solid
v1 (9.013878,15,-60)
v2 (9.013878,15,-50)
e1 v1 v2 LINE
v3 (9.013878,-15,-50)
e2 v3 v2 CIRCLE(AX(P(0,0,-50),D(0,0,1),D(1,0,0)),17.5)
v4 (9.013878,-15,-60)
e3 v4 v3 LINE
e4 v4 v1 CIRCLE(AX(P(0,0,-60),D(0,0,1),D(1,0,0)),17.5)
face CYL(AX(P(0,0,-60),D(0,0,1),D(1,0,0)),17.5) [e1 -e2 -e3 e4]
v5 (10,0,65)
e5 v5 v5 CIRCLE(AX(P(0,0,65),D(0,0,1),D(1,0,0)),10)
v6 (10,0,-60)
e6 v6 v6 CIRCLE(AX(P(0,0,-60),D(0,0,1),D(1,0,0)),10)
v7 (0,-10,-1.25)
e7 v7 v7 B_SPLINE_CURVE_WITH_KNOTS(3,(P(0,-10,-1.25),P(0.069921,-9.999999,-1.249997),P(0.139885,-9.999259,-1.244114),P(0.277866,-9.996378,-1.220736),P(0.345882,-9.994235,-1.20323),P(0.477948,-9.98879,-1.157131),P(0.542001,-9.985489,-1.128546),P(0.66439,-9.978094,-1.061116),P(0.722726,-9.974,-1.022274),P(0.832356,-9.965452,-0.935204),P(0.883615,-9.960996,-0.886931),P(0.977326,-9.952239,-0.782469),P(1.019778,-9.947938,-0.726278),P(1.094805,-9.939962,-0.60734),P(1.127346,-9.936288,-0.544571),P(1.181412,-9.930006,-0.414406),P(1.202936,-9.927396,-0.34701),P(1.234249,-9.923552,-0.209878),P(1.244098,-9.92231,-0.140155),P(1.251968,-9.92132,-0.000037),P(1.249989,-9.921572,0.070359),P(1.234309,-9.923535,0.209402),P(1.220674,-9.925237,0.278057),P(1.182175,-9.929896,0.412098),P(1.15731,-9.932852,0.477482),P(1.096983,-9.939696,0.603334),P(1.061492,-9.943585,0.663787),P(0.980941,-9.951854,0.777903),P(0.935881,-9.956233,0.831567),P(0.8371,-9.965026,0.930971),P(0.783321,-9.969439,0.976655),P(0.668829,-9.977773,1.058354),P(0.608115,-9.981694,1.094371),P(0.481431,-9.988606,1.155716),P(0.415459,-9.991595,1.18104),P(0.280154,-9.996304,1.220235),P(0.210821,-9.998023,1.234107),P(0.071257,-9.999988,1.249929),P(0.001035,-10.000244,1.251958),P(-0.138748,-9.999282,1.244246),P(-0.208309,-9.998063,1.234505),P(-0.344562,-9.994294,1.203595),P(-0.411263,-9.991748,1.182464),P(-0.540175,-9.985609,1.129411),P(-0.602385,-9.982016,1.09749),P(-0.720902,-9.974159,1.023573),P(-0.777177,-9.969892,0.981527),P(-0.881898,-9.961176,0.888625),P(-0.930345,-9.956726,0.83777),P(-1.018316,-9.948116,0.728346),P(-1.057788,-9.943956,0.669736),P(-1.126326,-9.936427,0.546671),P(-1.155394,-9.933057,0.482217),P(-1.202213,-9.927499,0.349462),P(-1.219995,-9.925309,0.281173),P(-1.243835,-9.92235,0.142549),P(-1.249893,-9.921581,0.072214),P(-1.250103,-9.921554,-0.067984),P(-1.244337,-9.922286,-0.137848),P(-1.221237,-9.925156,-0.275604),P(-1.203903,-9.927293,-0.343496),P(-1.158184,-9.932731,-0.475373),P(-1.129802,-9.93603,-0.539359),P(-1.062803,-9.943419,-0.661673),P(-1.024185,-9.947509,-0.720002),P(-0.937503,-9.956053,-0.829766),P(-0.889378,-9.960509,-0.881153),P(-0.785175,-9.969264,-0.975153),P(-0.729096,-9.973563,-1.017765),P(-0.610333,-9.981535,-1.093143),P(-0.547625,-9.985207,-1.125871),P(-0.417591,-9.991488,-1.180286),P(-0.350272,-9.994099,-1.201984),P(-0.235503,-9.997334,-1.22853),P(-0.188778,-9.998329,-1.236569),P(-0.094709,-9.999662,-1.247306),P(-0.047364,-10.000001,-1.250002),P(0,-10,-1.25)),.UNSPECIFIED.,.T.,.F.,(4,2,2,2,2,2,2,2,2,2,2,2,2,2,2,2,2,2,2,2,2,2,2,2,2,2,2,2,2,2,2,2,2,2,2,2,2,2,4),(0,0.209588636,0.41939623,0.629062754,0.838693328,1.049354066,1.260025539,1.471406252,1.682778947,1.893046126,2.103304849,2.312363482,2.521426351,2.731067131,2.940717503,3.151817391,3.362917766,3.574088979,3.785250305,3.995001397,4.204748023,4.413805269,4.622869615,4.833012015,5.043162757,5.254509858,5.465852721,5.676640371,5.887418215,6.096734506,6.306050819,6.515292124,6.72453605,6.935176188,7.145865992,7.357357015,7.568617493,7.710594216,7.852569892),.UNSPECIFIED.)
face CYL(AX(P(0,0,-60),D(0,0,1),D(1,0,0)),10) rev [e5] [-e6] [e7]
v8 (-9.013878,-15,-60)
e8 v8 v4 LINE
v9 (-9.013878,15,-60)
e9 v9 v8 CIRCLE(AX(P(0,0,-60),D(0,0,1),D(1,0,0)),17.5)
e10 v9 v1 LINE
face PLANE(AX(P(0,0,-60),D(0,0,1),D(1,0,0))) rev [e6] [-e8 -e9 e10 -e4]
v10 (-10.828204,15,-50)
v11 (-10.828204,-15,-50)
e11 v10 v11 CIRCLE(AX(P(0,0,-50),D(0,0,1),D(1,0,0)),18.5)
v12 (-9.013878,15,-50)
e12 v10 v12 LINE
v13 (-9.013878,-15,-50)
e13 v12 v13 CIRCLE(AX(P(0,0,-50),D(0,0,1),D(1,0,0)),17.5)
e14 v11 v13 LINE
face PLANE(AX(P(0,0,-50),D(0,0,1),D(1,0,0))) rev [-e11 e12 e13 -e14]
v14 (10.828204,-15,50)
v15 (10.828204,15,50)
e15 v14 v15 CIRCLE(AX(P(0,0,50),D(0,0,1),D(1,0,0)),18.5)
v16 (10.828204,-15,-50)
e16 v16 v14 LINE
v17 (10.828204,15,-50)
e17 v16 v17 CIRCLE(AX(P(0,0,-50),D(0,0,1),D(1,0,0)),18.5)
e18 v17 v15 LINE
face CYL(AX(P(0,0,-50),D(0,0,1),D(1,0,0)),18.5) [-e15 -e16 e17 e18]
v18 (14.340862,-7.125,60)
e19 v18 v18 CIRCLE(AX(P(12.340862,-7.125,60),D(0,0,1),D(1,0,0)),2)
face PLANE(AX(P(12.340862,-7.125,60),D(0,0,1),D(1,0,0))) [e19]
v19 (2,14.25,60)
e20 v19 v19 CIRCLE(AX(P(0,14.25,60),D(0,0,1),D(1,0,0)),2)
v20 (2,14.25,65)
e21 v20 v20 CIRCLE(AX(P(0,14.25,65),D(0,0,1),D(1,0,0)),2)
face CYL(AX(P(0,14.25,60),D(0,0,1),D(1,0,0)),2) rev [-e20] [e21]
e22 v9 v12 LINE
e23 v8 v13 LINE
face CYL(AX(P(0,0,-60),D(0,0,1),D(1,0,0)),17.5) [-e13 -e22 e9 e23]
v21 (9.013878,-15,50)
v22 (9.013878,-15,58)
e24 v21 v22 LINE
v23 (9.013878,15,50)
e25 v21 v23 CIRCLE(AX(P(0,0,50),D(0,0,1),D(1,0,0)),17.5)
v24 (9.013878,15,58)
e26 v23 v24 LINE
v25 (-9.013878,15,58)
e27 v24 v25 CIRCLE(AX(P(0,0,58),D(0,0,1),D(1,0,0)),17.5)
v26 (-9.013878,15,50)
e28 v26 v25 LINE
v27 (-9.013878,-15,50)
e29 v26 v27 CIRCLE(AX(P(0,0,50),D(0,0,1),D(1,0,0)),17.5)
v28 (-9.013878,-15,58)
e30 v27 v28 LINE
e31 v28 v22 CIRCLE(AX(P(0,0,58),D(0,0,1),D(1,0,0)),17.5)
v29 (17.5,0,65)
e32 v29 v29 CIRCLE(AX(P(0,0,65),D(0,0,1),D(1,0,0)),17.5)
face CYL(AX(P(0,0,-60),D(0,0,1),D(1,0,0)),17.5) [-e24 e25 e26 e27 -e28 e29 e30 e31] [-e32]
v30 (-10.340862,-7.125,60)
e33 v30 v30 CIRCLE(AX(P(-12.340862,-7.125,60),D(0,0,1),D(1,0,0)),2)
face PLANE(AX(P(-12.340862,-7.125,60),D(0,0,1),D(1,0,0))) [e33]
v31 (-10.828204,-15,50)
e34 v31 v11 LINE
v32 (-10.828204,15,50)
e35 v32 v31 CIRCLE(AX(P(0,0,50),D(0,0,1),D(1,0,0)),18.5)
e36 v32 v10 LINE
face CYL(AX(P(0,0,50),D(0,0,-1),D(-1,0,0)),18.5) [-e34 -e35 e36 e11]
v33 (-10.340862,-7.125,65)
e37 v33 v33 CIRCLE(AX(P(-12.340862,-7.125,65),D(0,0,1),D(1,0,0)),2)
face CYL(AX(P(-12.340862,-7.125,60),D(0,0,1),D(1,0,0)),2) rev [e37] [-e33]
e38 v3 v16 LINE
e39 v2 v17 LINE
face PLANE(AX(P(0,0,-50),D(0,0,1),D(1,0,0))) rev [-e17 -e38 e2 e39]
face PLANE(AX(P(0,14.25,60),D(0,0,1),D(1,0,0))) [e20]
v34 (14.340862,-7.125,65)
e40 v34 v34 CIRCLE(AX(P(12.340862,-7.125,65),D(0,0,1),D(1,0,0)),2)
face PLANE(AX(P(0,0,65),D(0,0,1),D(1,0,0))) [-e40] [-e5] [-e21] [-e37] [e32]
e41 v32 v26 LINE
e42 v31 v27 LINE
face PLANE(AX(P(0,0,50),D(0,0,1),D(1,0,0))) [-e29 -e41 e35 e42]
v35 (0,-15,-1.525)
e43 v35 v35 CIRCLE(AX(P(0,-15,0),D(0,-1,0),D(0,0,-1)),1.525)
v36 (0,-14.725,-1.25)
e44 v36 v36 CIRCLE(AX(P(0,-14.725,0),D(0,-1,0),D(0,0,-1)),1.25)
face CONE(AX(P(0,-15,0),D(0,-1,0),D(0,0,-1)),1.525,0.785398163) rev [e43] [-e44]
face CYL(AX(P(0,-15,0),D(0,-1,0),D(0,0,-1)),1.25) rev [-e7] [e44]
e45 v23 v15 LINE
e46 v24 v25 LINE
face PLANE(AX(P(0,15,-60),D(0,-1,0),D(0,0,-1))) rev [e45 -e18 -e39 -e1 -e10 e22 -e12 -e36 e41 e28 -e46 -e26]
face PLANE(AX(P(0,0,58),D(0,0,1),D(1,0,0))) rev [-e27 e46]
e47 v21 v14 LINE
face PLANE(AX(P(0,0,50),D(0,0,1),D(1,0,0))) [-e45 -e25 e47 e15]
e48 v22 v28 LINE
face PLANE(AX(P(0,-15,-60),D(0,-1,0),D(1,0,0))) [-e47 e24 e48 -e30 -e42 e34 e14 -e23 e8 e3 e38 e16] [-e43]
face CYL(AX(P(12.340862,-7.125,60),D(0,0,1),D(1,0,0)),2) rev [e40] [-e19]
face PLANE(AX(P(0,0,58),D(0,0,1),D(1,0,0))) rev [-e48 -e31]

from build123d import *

# Parameters (mm, degrees)
BOSS_EXTRUDE1_DEPTH         = 65
BOSS_EXTRUDE1_DEPTH_BACK    = 60
SKETCH1_R                   = 10
BOSS_EXTRUDE2_DEPTH         = 50
BOSS_EXTRUDE2_DEPTH_BACK    = 50
BOSS_EXTRUDE3_START         = -7
SKETCH5_R                   = 17.5
SKETCH5_R_2                 = 10
BOSS_EXTRUDE3_DEPTH         = 7
SKETCH6_R                   = 2
CUT_EXTRUDE1_DEPTH          = 5
M3_TAPPED_HOLE1_D           = 2.5
M3_TAPPED_HOLE1_DEPTH       = 7.5
M3_TAPPED_HOLE1_CSINK_D     = 3.05
M3_TAPPED_HOLE1_CSINK_ANGLE = 90
M3_TAPPED_HOLE1_TIP         = 0.751075774


with BuildPart() as part:
    # Sketch1 → Boss-Extrude1 (new, two sides: drawn at the far end of the back side and taken through both)
    with BuildSketch(Plane.XY.offset(-BOSS_EXTRUDE1_DEPTH_BACK)):
        with BuildLine():
            Line((9.013878189, 15), (-9.013878189, 15))
            ThreePointArc((-9.013878189, 15), (-17.5, 0), (-9.013878189, -15))
            Line((-9.013878189, -15), (9.013878189, -15))
            ThreePointArc((9.013878189, -15), (17.5, 0), (9.013878189, 15))
        make_face()
        Circle(SKETCH1_R, mode=Mode.SUBTRACT)
    extrude(amount=BOSS_EXTRUDE1_DEPTH + BOSS_EXTRUDE1_DEPTH_BACK)

    # Sketch1<23> → Boss-Extrude2 (add, two sides: drawn at the far end of the back side and taken through both)
    with BuildSketch(Plane.XY.offset(-BOSS_EXTRUDE2_DEPTH_BACK)):
        with BuildLine():
            Line((-9.013878189, 15), (-10.828203914, 15))
            ThreePointArc((-10.828203914, 15), (-18.5, 0), (-10.828203914, -15))
            Line((-10.828203914, -15), (-9.013878189, -15))
            ThreePointArc((-9.013878189, -15), (-17.5, 0), (-9.013878189, 15))
        make_face()
        with BuildLine():
            ThreePointArc((10.828203914, -15), (18.5, 0), (10.828203914, 15))
            Line((10.828203914, 15), (9.013878189, 15))
            ThreePointArc((9.013878189, 15), (17.5, 0), (9.013878189, -15))
            Line((9.013878189, -15), (10.828203914, -15))
        make_face()
    extrude(amount=BOSS_EXTRUDE2_DEPTH + BOSS_EXTRUDE2_DEPTH_BACK)

    # Sketch5 → Boss-Extrude3 (add)
    with BuildSketch(Plane.XY.offset(65).offset(BOSS_EXTRUDE3_START)):
        Circle(SKETCH5_R)
        Circle(SKETCH5_R_2, mode=Mode.SUBTRACT)
    extrude(amount=BOSS_EXTRUDE3_DEPTH)

    # Sketch6 → Cut-Extrude1 (cut)
    with BuildSketch(Plane.XY.offset(65)):
        with Locations((0, 14.25)):
            Circle(SKETCH6_R)
        with Locations((12.340862004, -7.125)):
            Circle(SKETCH6_R)
        with Locations((-12.340862004, -7.125)):
            Circle(SKETCH6_R)
    extrude(amount=-CUT_EXTRUDE1_DEPTH, mode=Mode.SUBTRACT)

    # M3 Tapped Hole1
    with Locations(Plane(origin=(0, -15, 0), x_dir=(-1, 0, 0), z_dir=(0, -1, 0))):
        with Locations((0, 0)):
            CounterSinkHole(M3_TAPPED_HOLE1_D / 2, M3_TAPPED_HOLE1_CSINK_D / 2, depth=M3_TAPPED_HOLE1_DEPTH, counter_sink_angle=M3_TAPPED_HOLE1_CSINK_ANGLE)
            with Locations((0, 0, -(M3_TAPPED_HOLE1_DEPTH + M3_TAPPED_HOLE1_TIP / 2))):  # 118° drill point
                Cone(0, M3_TAPPED_HOLE1_D / 2, M3_TAPPED_HOLE1_TIP, mode=Mode.SUBTRACT)


solid = part.part
